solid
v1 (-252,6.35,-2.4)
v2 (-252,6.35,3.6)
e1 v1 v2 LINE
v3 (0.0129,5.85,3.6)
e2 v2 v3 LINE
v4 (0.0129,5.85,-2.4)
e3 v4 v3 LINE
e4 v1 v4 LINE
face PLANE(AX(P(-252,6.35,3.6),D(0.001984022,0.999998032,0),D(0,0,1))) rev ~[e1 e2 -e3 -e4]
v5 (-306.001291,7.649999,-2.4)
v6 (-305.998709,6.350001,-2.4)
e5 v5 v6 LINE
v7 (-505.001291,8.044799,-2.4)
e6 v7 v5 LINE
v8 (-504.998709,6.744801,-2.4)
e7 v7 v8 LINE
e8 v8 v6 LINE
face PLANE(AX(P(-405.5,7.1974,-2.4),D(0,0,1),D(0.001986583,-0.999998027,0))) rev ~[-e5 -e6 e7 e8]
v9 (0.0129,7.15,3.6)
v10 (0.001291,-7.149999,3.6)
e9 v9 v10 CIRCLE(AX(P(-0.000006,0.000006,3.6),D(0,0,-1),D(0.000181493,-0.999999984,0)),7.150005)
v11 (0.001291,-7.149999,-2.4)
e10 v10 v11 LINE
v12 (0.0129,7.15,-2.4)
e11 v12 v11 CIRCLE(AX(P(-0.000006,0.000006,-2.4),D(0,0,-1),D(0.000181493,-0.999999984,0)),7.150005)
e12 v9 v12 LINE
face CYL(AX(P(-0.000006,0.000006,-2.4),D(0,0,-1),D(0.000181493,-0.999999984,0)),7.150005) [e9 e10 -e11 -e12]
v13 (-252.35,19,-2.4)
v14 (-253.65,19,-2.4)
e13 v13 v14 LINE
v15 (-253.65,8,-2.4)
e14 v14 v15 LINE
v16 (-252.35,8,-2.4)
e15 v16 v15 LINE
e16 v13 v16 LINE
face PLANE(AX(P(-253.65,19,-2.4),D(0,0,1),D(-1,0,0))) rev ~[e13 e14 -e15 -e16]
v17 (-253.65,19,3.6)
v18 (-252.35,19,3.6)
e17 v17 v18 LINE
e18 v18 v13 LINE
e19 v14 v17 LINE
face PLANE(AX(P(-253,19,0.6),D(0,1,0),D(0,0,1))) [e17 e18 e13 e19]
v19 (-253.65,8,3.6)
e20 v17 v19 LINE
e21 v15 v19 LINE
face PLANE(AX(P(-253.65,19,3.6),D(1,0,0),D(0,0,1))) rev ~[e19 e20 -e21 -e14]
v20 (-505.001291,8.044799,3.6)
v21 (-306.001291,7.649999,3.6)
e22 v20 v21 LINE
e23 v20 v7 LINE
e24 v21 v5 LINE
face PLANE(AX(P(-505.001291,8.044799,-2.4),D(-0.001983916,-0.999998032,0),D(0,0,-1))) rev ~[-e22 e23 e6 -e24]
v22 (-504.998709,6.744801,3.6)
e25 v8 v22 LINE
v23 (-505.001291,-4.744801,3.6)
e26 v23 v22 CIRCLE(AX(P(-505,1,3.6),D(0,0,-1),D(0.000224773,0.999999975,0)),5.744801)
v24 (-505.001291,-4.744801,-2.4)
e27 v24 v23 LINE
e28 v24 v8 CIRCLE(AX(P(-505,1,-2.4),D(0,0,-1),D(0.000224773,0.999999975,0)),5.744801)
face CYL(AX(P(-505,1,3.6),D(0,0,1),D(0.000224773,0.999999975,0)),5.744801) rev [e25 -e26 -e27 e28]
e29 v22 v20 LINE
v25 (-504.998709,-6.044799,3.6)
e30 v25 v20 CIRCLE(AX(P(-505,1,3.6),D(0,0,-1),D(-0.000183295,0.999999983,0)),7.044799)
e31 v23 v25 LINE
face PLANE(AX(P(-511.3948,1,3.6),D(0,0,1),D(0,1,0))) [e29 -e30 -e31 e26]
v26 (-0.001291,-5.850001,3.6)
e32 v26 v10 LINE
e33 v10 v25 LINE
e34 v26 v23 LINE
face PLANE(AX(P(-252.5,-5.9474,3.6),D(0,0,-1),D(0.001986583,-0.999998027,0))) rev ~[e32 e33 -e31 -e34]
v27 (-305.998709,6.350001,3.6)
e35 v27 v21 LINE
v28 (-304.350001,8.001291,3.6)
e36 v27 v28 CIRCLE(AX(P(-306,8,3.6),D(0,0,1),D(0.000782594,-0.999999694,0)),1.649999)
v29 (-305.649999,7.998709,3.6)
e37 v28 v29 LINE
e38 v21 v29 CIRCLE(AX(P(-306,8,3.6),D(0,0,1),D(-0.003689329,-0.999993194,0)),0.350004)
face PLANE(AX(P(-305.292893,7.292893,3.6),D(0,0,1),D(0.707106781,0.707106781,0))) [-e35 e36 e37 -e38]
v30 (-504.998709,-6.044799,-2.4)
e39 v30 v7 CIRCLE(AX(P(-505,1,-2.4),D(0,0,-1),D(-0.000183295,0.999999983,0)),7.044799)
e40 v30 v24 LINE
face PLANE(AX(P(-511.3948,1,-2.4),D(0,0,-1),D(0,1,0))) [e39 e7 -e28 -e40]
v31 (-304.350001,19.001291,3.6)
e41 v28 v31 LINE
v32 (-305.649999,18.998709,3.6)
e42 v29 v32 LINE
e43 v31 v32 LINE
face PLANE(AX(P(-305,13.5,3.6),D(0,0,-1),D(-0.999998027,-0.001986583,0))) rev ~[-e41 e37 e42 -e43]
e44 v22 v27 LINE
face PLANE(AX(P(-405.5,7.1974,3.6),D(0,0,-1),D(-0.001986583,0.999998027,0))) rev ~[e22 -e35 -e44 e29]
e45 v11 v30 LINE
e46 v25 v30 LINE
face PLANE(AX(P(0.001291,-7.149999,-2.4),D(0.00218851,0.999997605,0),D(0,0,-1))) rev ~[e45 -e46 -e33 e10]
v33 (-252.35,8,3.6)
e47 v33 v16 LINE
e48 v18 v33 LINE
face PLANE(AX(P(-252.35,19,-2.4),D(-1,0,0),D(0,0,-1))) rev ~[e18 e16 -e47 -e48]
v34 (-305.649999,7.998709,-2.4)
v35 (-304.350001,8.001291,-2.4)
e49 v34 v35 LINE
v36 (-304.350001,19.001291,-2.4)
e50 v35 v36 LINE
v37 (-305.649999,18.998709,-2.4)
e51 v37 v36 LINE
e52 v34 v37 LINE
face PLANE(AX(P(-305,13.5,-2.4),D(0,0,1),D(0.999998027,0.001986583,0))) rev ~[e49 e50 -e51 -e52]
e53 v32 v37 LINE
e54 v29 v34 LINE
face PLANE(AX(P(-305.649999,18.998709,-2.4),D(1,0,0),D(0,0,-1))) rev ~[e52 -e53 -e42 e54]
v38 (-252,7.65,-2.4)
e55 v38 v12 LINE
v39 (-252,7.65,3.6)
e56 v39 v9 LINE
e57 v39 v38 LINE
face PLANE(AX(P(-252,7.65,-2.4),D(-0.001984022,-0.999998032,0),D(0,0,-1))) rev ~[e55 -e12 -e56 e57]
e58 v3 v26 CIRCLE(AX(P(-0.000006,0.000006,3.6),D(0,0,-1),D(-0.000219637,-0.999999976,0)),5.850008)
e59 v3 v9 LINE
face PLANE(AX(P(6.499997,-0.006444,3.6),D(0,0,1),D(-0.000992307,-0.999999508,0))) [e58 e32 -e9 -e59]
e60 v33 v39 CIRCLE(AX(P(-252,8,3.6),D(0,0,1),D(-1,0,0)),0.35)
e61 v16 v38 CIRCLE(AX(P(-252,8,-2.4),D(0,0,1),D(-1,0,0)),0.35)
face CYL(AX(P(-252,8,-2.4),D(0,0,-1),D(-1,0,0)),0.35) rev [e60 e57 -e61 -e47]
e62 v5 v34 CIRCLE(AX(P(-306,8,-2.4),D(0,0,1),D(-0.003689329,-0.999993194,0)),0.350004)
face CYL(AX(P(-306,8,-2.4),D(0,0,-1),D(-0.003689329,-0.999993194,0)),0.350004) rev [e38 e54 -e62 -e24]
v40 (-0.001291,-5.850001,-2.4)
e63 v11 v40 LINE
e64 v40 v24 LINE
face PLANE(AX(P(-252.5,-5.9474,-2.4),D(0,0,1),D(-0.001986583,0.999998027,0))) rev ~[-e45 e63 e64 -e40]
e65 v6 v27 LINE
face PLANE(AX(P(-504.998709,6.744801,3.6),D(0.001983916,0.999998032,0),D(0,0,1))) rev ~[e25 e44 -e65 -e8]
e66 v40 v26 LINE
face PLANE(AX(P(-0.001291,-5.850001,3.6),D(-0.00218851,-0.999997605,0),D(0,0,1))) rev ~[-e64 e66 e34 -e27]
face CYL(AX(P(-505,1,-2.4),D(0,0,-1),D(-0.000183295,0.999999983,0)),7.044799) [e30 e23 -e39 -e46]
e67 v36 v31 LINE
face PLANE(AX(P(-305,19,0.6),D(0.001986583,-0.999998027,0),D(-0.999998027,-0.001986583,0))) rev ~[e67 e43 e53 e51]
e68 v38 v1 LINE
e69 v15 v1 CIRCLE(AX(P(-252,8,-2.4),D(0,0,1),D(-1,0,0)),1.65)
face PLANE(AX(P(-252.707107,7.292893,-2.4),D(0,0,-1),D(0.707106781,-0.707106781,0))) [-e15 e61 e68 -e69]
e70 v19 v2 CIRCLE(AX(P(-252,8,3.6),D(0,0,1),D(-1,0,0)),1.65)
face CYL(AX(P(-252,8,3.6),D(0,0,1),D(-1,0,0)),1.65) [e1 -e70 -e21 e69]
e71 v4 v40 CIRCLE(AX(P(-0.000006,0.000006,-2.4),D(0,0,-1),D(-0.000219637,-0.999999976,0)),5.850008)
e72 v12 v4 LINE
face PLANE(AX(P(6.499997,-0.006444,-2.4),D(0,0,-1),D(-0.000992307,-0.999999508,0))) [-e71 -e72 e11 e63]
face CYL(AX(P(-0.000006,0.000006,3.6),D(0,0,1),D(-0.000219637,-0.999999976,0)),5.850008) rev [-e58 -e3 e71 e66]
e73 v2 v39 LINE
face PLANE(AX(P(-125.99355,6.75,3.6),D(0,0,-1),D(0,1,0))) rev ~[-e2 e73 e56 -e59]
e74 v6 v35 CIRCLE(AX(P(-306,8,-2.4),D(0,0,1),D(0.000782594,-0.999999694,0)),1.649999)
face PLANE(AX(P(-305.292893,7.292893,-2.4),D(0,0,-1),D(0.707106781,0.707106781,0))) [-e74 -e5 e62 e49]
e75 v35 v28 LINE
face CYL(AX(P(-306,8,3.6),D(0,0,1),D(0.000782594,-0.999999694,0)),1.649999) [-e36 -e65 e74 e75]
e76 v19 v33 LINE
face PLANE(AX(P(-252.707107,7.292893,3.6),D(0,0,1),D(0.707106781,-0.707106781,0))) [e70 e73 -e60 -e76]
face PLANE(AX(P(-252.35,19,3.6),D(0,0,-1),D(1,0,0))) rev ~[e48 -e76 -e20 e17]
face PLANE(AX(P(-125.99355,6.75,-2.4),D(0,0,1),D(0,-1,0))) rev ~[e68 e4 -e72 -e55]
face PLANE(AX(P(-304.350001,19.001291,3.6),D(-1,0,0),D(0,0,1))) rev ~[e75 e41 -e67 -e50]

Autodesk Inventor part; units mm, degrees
ref_plane "YZ Plane" through (0, 0, 0) normal (1, 0, 0) x (0, 1, 0)
ref_plane "XY Plane" through (0, 0, 0) normal (0, 0, 1) x (1, 0, 0)
sketch "Sketch1" plane through (0, 0, 0) normal (0, 0, 1) x (1, 0, 0)
  circle A0 centre (0, 0) radius 6.5 projected
  line L0 (-306, 8) -> (-306, 19) projected
  line L1 (-252, 19) -> (-252, 8) projected
  line L2 (-304, 8) -> (-304, 19) projected
  line L3 (-254, 8) -> (-254, 19) projected
  line L4 (-253, 19) -> (-253, 8)
  arc A1 (-253, 8) -> (-252, 7) centre (-252, 8) ccw
  line L5 (-252, 8) -> (-252, 7) construction
  line L6 (-252, 8) -> (-253, 8) construction
  arc A2 (0, -6.5) -> (0.0129, 6.5) centre (0, 0) ccw
  line L7 (-252, 7) -> (0.0129, 6.5)
  line L8 (0, -6.5) -> (-505, -5.3948)
  arc A3 (-498.6236, 1) -> (-498.7461, 2.244) centre (-505, 1) ccw projected
  arc A4 (-505, 7.3948) -> (-505, -5.3948) centre (-505, 1) ccw
  line L9 (-505, 7.3948) -> (-306, 7)
  line L10 (-305, 19) -> (-305, 8)
  arc A5 (-306, 7) -> (-305, 8) centre (-306, 8) ccw
  point P0 (0, 0)
  dimension "d0" = 2
  dimension "d1" = 1
  dimension "d3" = 90
  dimension "d6" = 2
  dimension "d15" = 1
ref_plane "Work Plane1" through (-253, 19, 0) normal (0, 1, 0) x (-1, 0, 0)
sketch "Sketch2" plane through (-253, 19, 0) normal (0, 1, 0) x (-1, 0, 0)
  line L0 (1, 11.1) -> (1, -4.9) projected
  line L1 (-1, -10.9) -> (-1, 10.1) projected
  line L2 (0.65, -2.4) -> (-0.65, -2.4)
  line L3 (-0.65, -2.4) -> (-0.65, 3.6)
  line L4 (-0.65, 3.6) -> (0.65, 3.6)
  line L5 (0.65, 3.6) -> (0.65, -2.4)
  point P0 (-253, 0)
  point P1 (0, -2.4)
  dimension "d9" = 2
  dimension "d10" = 1.3
  dimension "d11" = 1
  dimension "d12" = 6
  dimension "d13" = 2.4
sweep "Sweep1" add profiles "Sketch2" path "Sketch1" path curves L4 A1 L7 A2 L8 A4 L9 A5 L10
equation "\"d1\" = 0.5 * d0"
equation "\"d15\" = 0.5 * d6"
equation "\"d11\" = 0.5 * d9"
properties part number "X-axis belt" material "Rubber"
